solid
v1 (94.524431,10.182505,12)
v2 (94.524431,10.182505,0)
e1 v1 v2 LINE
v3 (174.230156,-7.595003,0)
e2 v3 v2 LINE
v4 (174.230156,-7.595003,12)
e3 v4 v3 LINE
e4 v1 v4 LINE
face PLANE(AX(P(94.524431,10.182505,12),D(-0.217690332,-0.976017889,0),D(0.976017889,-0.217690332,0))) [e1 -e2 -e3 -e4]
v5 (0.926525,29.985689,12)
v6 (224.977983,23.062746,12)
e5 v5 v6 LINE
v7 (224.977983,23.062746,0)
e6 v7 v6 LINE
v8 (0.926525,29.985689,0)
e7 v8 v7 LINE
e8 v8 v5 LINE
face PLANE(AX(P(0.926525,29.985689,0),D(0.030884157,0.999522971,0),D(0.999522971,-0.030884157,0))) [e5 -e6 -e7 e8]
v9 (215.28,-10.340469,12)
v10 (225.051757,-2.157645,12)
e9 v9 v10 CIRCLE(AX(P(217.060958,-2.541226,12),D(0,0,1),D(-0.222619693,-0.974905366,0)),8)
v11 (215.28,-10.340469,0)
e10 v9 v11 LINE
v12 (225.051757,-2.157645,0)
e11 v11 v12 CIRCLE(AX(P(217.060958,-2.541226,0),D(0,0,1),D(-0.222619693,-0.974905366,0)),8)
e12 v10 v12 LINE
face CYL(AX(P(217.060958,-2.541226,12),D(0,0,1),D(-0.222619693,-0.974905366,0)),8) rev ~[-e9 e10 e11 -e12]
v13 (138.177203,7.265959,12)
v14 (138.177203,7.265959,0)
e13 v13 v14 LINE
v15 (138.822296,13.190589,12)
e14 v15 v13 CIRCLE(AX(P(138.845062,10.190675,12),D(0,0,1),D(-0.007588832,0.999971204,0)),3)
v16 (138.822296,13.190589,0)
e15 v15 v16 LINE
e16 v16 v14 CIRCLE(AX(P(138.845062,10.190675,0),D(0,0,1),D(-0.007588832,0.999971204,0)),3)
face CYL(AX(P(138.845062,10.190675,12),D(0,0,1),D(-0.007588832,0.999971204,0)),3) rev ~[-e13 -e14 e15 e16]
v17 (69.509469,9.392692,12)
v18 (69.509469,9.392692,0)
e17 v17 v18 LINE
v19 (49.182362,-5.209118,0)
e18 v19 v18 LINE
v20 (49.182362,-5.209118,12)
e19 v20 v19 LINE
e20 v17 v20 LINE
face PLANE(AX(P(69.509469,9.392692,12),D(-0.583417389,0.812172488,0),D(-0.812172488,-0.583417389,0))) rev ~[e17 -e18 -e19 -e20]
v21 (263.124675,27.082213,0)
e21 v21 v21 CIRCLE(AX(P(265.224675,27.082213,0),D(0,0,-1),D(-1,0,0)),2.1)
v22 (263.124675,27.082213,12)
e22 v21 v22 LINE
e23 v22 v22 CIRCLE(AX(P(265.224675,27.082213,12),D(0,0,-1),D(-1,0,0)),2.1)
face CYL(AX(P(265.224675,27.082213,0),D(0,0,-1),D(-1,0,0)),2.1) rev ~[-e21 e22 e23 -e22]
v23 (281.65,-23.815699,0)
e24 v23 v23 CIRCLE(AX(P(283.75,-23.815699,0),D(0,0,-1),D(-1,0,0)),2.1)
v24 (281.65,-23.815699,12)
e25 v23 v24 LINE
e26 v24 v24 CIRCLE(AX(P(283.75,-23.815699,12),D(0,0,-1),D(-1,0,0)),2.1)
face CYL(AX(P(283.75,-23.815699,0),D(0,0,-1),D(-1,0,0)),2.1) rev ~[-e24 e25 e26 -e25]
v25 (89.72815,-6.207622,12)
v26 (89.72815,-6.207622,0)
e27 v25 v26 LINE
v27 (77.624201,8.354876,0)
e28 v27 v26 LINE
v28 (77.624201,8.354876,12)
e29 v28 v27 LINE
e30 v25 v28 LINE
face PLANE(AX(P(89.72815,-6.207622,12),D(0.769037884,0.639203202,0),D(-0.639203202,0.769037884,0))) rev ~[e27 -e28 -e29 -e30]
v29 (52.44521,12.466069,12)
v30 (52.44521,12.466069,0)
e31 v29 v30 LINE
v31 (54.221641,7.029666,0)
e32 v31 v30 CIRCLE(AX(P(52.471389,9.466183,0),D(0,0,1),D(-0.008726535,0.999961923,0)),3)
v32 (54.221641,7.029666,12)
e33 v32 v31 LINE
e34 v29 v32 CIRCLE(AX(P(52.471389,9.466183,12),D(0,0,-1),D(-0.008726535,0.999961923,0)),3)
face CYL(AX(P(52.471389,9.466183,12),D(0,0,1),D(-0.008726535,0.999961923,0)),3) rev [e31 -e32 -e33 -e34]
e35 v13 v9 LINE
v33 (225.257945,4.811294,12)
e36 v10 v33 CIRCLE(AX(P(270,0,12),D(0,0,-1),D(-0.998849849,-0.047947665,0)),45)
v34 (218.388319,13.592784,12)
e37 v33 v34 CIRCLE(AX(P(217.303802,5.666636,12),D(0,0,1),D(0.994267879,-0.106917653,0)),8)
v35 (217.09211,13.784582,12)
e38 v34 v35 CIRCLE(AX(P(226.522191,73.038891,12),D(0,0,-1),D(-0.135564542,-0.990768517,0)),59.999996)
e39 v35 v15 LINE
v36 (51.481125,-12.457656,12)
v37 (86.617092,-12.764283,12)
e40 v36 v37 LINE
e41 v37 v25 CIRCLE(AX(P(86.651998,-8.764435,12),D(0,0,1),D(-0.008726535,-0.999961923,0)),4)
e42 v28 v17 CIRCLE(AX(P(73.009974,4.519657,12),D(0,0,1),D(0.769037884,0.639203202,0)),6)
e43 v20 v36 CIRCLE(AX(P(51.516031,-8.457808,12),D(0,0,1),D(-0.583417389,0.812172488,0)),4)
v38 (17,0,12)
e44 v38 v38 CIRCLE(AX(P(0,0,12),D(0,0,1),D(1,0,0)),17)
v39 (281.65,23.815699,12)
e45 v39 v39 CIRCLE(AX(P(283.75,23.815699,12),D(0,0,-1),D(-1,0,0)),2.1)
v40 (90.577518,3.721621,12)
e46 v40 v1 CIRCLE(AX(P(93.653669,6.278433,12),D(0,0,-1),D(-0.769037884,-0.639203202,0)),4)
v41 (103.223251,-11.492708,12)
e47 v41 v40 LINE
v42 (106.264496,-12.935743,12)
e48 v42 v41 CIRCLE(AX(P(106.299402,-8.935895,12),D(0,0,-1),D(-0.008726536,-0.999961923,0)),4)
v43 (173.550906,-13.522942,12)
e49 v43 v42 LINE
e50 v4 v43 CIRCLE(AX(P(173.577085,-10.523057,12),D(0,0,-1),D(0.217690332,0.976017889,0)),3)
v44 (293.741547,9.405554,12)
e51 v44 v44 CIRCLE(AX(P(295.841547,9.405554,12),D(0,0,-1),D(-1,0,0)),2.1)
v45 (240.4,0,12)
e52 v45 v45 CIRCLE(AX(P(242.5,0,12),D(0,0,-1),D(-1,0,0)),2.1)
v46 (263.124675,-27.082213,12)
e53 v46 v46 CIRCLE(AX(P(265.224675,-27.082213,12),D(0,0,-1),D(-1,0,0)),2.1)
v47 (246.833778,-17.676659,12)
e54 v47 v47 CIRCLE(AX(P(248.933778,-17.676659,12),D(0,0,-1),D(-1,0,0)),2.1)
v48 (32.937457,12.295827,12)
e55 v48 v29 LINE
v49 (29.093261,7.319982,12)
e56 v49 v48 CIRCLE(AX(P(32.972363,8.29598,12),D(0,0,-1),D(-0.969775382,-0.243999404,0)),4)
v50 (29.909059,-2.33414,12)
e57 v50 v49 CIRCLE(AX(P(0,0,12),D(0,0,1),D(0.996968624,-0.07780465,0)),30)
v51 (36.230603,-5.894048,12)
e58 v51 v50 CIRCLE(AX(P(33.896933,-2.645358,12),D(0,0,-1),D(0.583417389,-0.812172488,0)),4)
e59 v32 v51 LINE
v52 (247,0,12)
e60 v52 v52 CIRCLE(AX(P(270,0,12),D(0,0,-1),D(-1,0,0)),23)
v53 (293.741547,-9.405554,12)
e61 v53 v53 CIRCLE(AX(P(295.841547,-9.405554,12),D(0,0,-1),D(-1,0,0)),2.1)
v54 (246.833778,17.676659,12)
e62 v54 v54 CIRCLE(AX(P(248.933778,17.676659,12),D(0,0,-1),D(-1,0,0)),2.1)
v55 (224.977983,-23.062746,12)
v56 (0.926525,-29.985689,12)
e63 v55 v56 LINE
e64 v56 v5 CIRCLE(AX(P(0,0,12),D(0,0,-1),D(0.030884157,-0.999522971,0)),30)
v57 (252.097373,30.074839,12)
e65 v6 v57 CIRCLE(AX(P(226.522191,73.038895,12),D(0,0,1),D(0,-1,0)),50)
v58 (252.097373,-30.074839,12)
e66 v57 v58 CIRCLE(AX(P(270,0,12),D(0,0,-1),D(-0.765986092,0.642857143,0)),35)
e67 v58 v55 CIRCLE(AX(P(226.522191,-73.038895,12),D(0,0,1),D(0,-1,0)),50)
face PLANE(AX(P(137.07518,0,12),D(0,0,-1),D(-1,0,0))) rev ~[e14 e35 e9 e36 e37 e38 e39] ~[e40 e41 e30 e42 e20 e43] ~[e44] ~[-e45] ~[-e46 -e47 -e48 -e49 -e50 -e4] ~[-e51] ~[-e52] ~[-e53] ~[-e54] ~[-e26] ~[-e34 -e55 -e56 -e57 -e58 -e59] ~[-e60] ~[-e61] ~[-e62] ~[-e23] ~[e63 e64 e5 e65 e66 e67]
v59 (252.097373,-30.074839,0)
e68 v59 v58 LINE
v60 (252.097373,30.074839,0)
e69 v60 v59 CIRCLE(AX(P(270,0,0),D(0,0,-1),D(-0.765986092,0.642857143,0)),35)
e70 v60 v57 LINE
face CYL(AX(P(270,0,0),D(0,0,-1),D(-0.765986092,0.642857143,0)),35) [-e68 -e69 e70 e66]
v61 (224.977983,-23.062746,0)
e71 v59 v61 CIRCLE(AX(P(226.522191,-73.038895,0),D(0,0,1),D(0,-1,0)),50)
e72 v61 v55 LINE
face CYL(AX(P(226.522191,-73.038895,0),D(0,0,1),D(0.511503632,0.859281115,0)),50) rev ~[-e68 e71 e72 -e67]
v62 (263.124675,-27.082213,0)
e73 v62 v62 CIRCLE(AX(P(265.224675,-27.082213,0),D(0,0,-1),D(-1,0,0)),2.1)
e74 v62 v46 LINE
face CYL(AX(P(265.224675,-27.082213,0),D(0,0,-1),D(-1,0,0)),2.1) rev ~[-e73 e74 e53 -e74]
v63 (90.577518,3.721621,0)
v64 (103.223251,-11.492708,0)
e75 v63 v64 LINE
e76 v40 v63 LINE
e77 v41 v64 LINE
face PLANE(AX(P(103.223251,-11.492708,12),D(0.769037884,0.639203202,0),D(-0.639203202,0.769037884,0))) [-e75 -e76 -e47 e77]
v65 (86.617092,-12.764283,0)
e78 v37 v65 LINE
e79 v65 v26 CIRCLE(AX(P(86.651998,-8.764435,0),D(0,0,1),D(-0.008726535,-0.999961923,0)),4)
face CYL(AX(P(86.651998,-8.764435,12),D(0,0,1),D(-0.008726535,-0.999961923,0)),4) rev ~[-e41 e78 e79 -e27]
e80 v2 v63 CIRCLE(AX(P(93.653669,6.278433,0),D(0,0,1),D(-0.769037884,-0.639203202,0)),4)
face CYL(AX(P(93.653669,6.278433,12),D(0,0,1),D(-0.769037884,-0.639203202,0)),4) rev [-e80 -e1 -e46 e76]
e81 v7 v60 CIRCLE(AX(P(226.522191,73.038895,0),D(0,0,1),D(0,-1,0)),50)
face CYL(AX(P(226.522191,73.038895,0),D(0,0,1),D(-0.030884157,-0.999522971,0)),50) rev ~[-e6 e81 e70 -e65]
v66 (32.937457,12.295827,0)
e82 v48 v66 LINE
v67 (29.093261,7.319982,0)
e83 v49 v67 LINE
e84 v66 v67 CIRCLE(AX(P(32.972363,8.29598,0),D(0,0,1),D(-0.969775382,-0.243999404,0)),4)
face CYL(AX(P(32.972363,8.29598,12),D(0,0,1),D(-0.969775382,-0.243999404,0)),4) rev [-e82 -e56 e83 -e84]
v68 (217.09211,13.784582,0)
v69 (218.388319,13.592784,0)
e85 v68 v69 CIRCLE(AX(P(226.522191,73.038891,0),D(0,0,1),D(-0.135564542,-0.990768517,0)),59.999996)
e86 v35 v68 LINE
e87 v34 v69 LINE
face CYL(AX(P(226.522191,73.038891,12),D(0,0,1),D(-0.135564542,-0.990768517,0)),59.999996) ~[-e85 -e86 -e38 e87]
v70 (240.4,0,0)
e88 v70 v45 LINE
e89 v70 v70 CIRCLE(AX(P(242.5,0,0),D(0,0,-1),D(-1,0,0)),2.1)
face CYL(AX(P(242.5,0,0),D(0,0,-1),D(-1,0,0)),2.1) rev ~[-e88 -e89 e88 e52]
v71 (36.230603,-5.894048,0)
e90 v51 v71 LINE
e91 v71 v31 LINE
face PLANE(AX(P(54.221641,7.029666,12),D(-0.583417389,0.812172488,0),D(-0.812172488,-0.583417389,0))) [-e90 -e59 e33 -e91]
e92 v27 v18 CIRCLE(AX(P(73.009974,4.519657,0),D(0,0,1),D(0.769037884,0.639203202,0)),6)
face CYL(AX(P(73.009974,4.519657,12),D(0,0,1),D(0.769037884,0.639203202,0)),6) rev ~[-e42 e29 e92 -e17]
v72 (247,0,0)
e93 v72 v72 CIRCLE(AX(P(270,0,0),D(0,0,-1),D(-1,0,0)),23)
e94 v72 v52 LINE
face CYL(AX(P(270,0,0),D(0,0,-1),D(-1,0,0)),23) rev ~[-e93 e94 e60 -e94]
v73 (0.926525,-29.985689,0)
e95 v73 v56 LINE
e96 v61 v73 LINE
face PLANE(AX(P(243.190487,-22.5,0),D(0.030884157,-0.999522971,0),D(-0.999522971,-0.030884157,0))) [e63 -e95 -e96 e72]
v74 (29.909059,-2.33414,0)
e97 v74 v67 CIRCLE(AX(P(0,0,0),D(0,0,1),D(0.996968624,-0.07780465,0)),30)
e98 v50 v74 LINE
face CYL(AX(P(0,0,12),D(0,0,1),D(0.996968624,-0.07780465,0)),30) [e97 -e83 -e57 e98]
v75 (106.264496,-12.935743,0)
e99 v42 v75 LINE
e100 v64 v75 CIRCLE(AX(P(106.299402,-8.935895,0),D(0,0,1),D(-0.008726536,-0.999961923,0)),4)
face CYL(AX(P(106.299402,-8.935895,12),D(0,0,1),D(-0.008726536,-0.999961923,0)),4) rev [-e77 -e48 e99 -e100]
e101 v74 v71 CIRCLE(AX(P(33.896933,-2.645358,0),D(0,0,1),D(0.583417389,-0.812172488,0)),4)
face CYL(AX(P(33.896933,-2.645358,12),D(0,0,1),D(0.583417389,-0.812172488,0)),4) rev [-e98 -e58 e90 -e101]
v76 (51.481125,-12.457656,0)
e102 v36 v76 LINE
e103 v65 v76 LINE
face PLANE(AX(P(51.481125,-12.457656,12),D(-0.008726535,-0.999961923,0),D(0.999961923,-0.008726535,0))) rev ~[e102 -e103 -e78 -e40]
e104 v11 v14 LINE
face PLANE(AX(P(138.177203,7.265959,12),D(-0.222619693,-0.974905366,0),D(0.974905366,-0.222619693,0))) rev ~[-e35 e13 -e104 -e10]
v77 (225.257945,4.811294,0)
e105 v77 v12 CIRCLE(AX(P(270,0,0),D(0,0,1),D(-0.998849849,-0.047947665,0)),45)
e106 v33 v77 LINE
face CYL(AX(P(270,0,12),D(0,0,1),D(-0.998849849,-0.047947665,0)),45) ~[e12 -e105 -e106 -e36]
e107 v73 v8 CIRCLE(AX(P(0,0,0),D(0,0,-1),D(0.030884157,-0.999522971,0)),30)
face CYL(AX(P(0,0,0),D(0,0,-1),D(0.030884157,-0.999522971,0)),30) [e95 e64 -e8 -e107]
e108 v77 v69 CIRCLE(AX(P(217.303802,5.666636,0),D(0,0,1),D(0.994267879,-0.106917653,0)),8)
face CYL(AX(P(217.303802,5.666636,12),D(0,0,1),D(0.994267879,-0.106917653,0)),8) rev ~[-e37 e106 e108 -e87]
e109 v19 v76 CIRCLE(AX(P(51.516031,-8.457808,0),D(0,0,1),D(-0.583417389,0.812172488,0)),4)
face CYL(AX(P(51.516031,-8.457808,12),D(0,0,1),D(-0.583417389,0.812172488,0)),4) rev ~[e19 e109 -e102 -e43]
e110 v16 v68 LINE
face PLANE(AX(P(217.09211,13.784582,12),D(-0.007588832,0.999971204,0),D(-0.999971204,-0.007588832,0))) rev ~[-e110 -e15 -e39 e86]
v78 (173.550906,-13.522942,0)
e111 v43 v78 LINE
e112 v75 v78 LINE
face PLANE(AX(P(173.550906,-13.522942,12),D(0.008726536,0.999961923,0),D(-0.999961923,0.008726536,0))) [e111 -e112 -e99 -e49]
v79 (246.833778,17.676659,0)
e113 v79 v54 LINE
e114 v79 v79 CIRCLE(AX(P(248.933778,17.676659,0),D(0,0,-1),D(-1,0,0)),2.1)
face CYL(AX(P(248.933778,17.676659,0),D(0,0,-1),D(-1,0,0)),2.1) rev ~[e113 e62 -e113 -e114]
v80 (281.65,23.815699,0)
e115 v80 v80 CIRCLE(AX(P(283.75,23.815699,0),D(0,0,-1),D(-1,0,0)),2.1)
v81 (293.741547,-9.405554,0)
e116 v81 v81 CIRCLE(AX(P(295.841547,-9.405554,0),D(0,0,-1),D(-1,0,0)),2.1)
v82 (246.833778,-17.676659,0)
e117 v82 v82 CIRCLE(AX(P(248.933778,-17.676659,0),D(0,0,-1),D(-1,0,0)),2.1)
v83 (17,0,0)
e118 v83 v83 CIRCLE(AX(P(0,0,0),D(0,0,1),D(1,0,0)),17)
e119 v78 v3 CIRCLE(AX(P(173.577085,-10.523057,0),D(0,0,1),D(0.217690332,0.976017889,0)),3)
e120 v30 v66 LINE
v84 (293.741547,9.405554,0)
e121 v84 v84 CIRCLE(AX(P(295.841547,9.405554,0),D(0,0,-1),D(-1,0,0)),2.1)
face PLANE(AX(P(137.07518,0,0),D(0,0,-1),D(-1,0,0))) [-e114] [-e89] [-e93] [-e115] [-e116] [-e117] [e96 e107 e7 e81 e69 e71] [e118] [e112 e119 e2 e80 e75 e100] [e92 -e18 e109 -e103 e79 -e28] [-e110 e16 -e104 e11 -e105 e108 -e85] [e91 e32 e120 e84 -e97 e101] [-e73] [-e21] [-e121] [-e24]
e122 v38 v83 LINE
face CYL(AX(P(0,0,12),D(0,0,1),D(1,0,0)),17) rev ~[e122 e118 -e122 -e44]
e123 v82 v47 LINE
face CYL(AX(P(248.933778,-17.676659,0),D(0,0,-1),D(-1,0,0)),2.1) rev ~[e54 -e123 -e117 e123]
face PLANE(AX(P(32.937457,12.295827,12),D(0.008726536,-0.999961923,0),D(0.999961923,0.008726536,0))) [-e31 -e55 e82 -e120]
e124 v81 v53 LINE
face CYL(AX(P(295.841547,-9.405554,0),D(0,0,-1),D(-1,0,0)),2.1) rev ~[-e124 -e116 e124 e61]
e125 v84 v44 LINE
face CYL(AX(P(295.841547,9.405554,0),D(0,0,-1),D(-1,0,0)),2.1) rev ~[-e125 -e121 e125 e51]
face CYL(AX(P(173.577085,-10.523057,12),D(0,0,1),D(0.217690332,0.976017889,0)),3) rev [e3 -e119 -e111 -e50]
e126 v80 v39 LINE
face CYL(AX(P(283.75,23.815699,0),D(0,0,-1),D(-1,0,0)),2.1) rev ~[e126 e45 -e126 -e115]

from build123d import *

# Parameters (mm, degrees)
EXTRUDE_1_DEPTH     = 12
SKETCH_2_R          = 17
CUT_EXTRUDE_1_DEPTH = 13
FILLET_1_R          = 50
SKETCH_6_R          = 2.1
CUT_EXTRUDE_5_DEPTH = 13
SKETCH_8_R          = 23
CUT_EXTRUDE_6_DEPTH = 13
CUT_EXTRUDE_7_DEPTH = 13
SKETCH_12_W         = 2.62725081
SKETCH_12_H         = 4.213047789
EXTRUDE_4_DEPTH     = 2
SKETCH_13_R         = 2.56677592
EXTRUDE_5_DEPTH     = 2


with BuildPart() as part:
    # 草图1 → 凸台-拉伸1 (new body)
    with BuildSketch(Plane.XY):
        with BuildLine():
            Line((0.926524708, 29.985689119), (243.190486763, 22.5))
            ThreePointArc((243.190486763, 22.5), (305, 0), (243.190486763, -22.5))
            Line((243.190486763, -22.5), (0.926524708, -29.985689119))
            ThreePointArc((0.926524708, -29.985689119), (-30, 0), (0.926524708, 29.985689119))
        make_face()
    extrude(amount=EXTRUDE_1_DEPTH)

    # 草图2 → 切除-拉伸1 (cut, through all)
    with BuildSketch(Plane.XY.offset(12)):
        Circle(SKETCH_2_R)
    extrude(amount=-CUT_EXTRUDE_1_DEPTH, mode=Mode.SUBTRACT)

    # 圆角1
    fillet_1_edges = [part.edges().sort_by_distance(p)[0] for p in [
        (243.190486763, 22.5, 6),
        (243.190486763, -22.5, 6),
    ]]
    fillet(fillet_1_edges, radius=FILLET_1_R)

    # 草图6 → 切除-拉伸5 (cut, through all)
    with BuildSketch(Plane(origin=(0, 0, 0), x_dir=(-1, 0, 0), z_dir=(0, 0, -1))):
        with Locations((-242.5, 0)):
            Circle(SKETCH_6_R)
        with Locations((-248.933777814, -17.676659266)):
            Circle(SKETCH_6_R)
        with Locations((-265.224675114, -27.082213208)):
            Circle(SKETCH_6_R)
        with Locations((-283.75, -23.815698604)):
            Circle(SKETCH_6_R)
        with Locations((-295.841547072, -9.405553941)):
            Circle(SKETCH_6_R)
        with Locations((-295.841547072, 9.405553941)):
            Circle(SKETCH_6_R)
        with Locations((-283.75, 23.815698604)):
            Circle(SKETCH_6_R)
        with Locations((-265.224675114, 27.082213208)):
            Circle(SKETCH_6_R)
        with Locations((-248.933777814, 17.676659266)):
            Circle(SKETCH_6_R)
    extrude(amount=-CUT_EXTRUDE_5_DEPTH, mode=Mode.SUBTRACT)

    # 草图8 → 切除-拉伸6 (cut, through all)
    with BuildSketch(Plane(origin=(0, 0, 0), x_dir=(-1, 0, 0), z_dir=(0, 0, -1))):
        with Locations((-270, 0)):
            Circle(SKETCH_8_R)
    extrude(amount=-CUT_EXTRUDE_6_DEPTH, mode=Mode.SUBTRACT)

    # 草图9 → 切除-拉伸7 (cut, through all)
    with BuildSketch(Plane.XY.offset(12)):
        with BuildLine():
            Line((138.177203146, 7.265958797), (215.280000441, -10.340469156))
            ThreePointArc((215.280000441, -10.340469156), (222.197122435, -8.67472562), (225.051756781, -2.157644912))
            ThreePointArc((225.051756781, -2.157644912), (225.019683108, 1.330823929), (225.25794544, 4.811294392))
            ThreePointArc((225.25794544, 4.811294392), (223.604832456, 10.595836396), (218.388318749, 13.592783755))
            ThreePointArc((218.388318749, 13.592783755), (217.739691011, 13.685144373), (217.09211046, 13.784582076))
            Line((217.09211046, 13.784582076), (138.82229573, 13.190588508))
            ThreePointArc((138.82229573, 13.190588508), (135.862688972, 10.515405209), (138.177203146, 7.265958797))
        make_face()
        with BuildLine():
            Line((32.937456826, 12.295827459), (52.445209699, 12.46606904))
            ThreePointArc((52.445209699, 12.46606904), (55.323007544, 10.397995174), (54.221641474, 7.029665807))
            Line((54.221641474, 7.029665807), (36.230602759, -5.894048054))
            ThreePointArc((36.230602759, -5.894048054), (31.93419641, -6.130708054), (29.909058708, -2.334139502))
            ThreePointArc((29.909058708, -2.334139502), (29.893460188, 2.526071657), (29.093261442, 7.319982148))
            ThreePointArc((29.093261442, 7.319982148), (29.806984137, 10.741460671), (32.937456826, 12.295827459))
        make_face()
        with BuildLine():
            Line((51.481125102, -12.457655601), (86.617092144, -12.76428254))
            ThreePointArc((86.617092144, -12.76428254), (90.265824875, -10.479152721), (89.728149821, -6.207622039))
            Line((89.728149821, -6.207622039), (77.62420084, 8.354875892))
            ThreePointArc((77.62420084, 8.354875892), (73.771130602, 10.471180848), (69.509469202, 9.392691606))
            Line((69.509469202, 9.392691606), (49.182361686, -5.209117958))
            ThreePointArc((49.182361686, -5.209117958), (47.703176381, -9.666996809), (51.481125102, -12.457655601))
        make_face()
        with BuildLine():
            Line((103.223250725, -11.492707953), (90.577517941, 3.721620677))
            ThreePointArc((90.577517941, 3.721620677), (90.240211818, 8.363692898), (94.524430804, 10.18250504))
            Line((94.524430804, 10.18250504), (174.23015633, -7.595003002))
            ThreePointArc((174.23015633, -7.595003002), (176.557582723, -10.864575787), (173.550905727, -13.522942438))
            Line((173.550905727, -13.522942438), (106.264496118, -12.935742837))
            ThreePointArc((106.264496118, -12.935742837), (104.584684386, -12.549721733), (103.223250725, -11.492707953))
        make_face()
    extrude(amount=-CUT_EXTRUDE_7_DEPTH, mode=Mode.SUBTRACT)


with BuildPart() as body_2:
    # 草图12 → 凸台-拉伸4 (new body)
    with BuildSketch(Plane(origin=(0, 0, 0), x_dir=(0, 0, -1), z_dir=(1, 0, 0))):
        with Locations((1.313625405, 2.106523894)):
            Rectangle(SKETCH_12_W, SKETCH_12_H)
    extrude(amount=EXTRUDE_4_DEPTH)


with BuildPart() as body_3:
    # 草图13 → 凸台-拉伸5 (new body)
    with BuildSketch(Plane(origin=(0, 0, 0), x_dir=(0, 0, -1), z_dir=(1, 0, 0))):
        with Locations((-9.79748635, 0)):
            Circle(SKETCH_13_R)
    extrude(amount=EXTRUDE_5_DEPTH)


solid = part.part
